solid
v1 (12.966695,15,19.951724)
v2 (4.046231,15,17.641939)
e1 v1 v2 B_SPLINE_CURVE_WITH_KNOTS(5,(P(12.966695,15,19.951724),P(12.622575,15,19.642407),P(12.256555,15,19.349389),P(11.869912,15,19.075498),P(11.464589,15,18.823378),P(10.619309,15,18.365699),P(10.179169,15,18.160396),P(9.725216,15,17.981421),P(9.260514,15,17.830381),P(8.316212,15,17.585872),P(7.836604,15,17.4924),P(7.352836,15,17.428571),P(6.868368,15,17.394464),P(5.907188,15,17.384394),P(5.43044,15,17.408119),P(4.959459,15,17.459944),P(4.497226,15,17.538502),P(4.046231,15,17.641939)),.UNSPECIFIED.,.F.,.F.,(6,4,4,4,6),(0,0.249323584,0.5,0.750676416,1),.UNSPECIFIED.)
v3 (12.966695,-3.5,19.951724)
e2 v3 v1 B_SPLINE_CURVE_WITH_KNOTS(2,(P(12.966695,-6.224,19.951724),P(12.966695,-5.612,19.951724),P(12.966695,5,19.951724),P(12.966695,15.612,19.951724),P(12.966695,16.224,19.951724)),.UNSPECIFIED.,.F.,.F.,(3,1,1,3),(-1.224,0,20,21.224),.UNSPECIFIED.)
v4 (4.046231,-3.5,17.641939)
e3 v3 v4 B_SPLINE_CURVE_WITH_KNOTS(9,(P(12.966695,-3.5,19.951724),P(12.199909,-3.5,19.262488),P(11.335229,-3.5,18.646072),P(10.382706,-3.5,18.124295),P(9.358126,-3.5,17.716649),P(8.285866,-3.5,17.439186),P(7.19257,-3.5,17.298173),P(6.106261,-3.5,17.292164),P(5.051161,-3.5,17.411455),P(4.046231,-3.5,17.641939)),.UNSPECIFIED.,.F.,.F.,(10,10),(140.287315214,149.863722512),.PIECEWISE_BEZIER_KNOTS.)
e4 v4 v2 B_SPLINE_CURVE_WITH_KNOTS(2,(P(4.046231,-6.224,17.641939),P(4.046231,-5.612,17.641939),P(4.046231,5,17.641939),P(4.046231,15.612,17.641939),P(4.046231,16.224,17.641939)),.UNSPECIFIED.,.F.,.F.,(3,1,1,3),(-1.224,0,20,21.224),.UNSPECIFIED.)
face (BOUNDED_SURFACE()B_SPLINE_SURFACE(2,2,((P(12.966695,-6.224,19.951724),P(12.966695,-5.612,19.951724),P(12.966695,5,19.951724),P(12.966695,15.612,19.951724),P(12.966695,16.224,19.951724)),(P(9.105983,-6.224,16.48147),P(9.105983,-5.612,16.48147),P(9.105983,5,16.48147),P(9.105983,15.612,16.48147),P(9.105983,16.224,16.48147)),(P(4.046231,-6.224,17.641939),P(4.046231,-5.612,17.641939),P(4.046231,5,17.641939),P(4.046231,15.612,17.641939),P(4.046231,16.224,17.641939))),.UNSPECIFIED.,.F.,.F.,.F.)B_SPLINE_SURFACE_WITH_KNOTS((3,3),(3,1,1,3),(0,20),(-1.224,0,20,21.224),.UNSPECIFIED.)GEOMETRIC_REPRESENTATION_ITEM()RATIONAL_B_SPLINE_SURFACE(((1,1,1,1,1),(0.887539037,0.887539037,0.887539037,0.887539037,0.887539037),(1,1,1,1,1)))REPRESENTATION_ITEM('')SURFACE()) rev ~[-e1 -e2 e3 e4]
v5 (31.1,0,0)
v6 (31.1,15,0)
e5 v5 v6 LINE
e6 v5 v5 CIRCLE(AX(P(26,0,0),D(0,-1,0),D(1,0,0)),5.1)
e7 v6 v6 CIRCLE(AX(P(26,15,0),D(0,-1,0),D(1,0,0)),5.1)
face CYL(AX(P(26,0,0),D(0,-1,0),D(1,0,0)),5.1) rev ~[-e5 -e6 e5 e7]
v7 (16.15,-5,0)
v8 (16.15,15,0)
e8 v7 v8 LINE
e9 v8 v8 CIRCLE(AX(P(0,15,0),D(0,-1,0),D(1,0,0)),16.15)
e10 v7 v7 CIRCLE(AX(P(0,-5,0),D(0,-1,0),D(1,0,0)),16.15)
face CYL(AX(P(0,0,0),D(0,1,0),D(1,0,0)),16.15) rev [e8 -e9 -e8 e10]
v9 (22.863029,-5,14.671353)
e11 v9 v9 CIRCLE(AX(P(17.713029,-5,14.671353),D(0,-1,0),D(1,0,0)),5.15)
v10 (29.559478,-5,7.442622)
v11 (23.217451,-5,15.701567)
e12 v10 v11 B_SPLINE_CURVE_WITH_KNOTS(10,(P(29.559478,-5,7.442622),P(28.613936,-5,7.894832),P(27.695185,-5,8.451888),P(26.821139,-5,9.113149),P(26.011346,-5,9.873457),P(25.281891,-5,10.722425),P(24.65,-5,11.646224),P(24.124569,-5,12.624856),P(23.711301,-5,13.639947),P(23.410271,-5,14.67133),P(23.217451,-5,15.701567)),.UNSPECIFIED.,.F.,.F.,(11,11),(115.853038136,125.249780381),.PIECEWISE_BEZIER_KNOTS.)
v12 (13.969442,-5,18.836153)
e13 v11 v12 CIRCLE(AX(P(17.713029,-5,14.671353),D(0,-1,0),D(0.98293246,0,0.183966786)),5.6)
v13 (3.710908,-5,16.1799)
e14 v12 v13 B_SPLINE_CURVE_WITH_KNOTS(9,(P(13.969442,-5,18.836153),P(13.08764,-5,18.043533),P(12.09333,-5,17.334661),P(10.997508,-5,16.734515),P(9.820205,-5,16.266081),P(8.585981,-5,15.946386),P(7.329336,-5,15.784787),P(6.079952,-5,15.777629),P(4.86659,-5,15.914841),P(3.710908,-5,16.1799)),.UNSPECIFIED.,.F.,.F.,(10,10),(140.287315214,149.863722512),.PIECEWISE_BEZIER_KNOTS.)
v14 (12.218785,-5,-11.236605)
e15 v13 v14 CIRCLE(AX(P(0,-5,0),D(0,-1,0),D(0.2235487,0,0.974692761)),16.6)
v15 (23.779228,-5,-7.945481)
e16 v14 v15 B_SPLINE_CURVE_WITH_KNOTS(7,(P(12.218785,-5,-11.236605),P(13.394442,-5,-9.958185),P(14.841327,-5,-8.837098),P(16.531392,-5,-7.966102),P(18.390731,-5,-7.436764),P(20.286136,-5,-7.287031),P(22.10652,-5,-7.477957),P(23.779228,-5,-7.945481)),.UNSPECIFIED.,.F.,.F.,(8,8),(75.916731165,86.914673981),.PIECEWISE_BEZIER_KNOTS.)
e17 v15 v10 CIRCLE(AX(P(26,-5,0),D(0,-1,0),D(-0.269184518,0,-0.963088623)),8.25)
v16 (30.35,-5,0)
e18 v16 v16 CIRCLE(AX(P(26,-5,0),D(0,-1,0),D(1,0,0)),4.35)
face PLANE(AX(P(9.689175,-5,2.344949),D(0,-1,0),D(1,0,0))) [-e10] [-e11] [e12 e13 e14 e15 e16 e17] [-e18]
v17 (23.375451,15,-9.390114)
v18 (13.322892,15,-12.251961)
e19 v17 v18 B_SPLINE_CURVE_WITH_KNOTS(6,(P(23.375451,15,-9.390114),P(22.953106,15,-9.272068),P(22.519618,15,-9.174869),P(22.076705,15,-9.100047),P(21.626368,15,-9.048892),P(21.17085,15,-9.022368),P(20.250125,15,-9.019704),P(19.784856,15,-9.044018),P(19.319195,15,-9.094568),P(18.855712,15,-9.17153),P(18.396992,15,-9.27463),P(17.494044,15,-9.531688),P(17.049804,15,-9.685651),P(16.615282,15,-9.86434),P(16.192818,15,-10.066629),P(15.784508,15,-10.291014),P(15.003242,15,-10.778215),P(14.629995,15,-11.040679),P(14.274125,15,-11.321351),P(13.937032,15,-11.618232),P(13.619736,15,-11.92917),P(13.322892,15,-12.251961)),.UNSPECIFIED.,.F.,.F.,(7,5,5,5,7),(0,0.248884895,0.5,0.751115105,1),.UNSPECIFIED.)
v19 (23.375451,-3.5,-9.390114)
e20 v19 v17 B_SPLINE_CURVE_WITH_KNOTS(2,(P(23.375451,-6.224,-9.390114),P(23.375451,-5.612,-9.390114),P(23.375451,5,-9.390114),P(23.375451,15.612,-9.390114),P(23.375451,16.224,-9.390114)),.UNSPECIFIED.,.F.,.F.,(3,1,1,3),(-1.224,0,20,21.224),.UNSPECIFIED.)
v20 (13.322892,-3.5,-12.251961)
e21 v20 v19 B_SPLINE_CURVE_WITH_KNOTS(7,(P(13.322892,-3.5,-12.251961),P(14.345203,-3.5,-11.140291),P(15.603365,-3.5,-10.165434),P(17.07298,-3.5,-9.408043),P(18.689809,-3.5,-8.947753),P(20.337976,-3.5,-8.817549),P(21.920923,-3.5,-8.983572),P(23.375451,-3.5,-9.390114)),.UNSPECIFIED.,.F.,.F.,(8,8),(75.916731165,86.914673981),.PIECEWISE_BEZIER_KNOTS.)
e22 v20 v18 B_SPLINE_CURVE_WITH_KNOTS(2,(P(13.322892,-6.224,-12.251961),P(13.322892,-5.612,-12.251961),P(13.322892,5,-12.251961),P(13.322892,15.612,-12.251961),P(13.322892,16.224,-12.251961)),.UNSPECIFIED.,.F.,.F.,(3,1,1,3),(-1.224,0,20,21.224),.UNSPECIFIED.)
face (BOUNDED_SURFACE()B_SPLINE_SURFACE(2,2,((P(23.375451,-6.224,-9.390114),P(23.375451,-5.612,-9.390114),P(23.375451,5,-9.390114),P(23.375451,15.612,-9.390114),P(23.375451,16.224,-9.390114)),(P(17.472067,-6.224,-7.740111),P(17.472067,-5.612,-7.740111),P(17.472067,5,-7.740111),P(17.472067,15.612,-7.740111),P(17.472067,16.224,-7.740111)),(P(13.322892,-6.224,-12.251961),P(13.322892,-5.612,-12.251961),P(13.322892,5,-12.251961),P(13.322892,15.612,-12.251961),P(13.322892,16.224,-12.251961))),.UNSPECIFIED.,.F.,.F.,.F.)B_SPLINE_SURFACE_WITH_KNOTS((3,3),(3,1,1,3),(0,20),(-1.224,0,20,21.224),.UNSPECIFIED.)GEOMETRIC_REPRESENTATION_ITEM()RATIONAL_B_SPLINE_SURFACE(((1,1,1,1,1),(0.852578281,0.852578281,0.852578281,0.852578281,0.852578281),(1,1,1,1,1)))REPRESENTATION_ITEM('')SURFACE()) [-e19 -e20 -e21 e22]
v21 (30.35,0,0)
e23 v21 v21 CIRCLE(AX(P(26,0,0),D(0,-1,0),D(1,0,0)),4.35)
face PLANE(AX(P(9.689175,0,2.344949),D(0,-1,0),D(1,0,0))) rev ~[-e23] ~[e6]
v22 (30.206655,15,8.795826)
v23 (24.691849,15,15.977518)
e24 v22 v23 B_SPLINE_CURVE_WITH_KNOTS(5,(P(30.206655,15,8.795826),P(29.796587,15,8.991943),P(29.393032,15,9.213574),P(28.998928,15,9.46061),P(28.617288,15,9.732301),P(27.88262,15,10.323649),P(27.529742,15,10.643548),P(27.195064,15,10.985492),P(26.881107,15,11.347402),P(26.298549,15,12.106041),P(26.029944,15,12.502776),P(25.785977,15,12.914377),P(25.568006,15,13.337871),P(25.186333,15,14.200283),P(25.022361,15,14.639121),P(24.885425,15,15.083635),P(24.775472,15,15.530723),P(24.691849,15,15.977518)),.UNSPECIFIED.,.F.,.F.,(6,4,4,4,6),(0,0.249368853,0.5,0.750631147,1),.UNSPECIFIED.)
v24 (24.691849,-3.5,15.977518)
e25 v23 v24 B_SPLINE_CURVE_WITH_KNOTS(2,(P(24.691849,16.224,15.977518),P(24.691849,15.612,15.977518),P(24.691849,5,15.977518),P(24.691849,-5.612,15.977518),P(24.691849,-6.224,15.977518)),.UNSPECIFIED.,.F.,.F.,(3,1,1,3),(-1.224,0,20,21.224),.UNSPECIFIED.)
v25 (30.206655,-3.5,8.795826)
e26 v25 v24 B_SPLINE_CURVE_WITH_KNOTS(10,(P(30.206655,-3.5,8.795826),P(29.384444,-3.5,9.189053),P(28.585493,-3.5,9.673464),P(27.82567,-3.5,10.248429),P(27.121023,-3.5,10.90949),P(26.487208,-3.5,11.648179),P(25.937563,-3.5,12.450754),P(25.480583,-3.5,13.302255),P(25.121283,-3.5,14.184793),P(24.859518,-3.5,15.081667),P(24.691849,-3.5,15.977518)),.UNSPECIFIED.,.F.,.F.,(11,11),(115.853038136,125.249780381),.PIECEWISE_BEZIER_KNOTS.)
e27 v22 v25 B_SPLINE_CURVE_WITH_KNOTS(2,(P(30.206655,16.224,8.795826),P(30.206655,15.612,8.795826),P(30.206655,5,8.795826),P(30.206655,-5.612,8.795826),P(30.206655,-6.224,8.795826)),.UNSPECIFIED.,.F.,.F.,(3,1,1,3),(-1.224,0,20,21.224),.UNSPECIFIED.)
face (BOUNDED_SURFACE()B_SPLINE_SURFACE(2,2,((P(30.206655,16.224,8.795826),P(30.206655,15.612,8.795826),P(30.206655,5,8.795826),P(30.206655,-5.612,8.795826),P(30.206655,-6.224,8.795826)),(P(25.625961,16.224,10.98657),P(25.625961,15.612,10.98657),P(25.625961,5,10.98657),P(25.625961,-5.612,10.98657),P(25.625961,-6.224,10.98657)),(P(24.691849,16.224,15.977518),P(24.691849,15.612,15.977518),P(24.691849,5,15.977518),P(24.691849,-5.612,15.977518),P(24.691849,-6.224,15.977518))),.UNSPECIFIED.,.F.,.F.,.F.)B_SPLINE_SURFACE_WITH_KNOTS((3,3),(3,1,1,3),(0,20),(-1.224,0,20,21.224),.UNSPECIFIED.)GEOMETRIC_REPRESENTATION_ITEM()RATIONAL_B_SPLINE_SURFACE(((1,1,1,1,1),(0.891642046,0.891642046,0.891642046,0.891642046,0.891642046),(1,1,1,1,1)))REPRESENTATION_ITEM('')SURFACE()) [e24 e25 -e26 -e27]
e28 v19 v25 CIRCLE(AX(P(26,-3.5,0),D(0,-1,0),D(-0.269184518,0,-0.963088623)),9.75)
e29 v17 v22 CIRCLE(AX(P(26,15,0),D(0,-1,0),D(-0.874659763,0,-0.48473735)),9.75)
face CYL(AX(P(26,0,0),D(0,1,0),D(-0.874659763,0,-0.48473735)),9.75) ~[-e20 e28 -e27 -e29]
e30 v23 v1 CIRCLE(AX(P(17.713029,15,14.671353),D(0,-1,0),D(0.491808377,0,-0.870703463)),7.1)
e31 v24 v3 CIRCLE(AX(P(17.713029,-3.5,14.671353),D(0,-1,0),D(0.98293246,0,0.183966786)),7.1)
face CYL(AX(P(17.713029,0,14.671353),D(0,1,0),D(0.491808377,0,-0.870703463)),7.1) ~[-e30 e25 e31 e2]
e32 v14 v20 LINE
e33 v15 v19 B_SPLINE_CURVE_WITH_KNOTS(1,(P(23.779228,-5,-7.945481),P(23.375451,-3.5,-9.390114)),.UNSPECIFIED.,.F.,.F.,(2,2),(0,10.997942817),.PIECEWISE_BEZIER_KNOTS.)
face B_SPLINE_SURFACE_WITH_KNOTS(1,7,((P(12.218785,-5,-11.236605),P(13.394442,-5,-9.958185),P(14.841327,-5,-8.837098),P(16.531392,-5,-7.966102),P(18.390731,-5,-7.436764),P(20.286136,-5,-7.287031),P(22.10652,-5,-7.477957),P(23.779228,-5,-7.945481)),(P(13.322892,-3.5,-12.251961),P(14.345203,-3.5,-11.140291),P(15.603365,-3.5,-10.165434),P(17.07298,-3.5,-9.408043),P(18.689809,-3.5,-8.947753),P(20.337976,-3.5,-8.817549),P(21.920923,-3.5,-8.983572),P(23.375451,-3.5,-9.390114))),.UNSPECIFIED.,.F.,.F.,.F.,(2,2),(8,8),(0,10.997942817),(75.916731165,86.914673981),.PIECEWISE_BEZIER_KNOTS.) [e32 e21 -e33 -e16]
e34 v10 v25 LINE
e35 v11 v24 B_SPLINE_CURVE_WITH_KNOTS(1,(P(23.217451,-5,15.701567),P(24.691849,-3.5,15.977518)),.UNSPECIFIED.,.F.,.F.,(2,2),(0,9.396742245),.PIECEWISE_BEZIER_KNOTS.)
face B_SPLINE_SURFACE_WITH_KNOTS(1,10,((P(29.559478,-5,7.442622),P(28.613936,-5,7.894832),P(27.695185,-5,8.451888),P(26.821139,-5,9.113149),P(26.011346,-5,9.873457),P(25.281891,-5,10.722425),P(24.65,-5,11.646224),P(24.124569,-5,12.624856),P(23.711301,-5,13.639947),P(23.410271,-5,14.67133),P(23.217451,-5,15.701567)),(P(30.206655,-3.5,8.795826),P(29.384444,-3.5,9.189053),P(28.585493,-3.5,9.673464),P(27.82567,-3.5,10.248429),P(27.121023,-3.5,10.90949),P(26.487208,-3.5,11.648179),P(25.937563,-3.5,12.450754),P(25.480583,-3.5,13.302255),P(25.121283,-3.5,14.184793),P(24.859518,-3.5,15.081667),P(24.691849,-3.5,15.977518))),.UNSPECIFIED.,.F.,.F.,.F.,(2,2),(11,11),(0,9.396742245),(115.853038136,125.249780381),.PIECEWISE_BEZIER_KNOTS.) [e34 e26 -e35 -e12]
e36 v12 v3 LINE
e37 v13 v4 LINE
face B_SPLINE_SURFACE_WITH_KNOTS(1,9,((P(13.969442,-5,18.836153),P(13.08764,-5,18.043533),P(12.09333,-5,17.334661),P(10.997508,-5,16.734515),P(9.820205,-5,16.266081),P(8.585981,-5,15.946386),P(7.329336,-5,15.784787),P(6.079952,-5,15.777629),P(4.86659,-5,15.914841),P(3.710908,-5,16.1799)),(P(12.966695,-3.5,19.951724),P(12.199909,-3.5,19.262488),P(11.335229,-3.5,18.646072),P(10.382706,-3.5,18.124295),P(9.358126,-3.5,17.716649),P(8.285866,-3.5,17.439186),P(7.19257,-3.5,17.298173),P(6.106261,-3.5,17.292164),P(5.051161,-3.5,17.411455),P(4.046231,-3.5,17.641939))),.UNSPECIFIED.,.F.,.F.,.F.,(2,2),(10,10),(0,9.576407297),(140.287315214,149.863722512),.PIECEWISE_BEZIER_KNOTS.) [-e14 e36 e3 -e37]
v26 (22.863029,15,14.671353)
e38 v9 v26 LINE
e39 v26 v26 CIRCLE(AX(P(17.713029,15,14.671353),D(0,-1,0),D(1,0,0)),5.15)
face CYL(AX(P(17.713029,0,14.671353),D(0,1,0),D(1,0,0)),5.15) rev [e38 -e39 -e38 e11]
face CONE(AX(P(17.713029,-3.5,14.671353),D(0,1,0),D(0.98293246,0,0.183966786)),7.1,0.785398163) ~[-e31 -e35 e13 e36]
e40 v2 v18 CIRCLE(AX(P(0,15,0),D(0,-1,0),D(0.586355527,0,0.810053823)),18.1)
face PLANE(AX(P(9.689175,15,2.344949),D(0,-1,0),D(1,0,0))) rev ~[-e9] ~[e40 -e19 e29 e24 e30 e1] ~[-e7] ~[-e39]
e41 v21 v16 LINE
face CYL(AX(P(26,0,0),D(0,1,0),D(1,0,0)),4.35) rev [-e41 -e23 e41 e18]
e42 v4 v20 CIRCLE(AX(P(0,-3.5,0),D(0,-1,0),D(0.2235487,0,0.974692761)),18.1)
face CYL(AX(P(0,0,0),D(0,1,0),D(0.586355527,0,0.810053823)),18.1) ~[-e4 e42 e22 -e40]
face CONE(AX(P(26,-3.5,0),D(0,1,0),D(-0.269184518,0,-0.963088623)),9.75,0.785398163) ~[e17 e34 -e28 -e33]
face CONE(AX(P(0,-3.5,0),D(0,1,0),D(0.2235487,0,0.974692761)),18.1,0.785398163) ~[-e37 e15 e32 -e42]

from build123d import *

# Parameters (mm, degrees)
F0_R     = 16.15
F0_R_2   = 5.1
F0_R_3   = 5.15
F1_DEPTH = 15
F0_R_4   = 4.35
F2_DEPTH = 5
F3_R     = 10
F4_SIZE  = 1.5


with BuildPart() as f1:
    # F0 (on Front) → F1 (new body)
    with BuildSketch(Plane.XZ):
        with BuildLine():
            ThreePointArc((17.4720673077, -4.726189162), (35.3828933588, -2.6502475765), (21.2048683234, 8.4893587629))
            ThreePointArc((21.2048683234, 8.4893587629), (21.2879399951, 20.805683816), (10.6130350411, 14.6619741923))
            ThreePointArc((10.6130350411, 14.6619741923), (-17.0636591342, -6.0366826114), (17.4720673077, -4.726189162))
        make_face()
        Circle(F0_R, mode=Mode.SUBTRACT)
        with Locations((26, 0)):
            Circle(F0_R_2, mode=Mode.SUBTRACT)
        with Locations((17.7130288462, 14.6713533491)):
            Circle(F0_R_3, mode=Mode.SUBTRACT)
    extrude(amount=-F1_DEPTH)

    # F0 (on Front) → F2 (join)
    with BuildSketch(Plane.XZ):
        with BuildLine():
            ThreePointArc((17.4720673077, -4.726189162), (35.3828933588, -2.6502475765), (21.2048683234, 8.4893587629))
            ThreePointArc((21.2048683234, 8.4893587629), (21.2879399951, 20.805683816), (10.6130350411, 14.6619741923))
            ThreePointArc((10.6130350411, 14.6619741923), (-17.0636591342, -6.0366826114), (17.4720673077, -4.726189162))
        make_face()
        Circle(F0_R, mode=Mode.SUBTRACT)
        with Locations((26, 0)):
            Circle(F0_R_2, mode=Mode.SUBTRACT)
        with Locations((17.7130288462, 14.6713533491)):
            Circle(F0_R_3, mode=Mode.SUBTRACT)
        with Locations((26, 0)):
            Circle(F0_R_2)
        with Locations((26, 0)):
            Circle(F0_R_4, mode=Mode.SUBTRACT)
    extrude(amount=F2_DEPTH)

    # F3
    f3_edges = [f1.edges().sort_by_distance(p)[0] for p in [
        (10.613035, 5, 14.661974),
        (21.204868, 5, 8.489359),
        (17.472067, 5, -4.726189),
    ]]
    fillet(f3_edges, radius=F3_R)

    # F4
    f4_edges = [f1.edges().sort_by_distance(p)[0] for p in [
        (-17.286785, -5, -5.364427),
    ]]
    chamfer(f4_edges, length=F4_SIZE)


solid = f1.part
